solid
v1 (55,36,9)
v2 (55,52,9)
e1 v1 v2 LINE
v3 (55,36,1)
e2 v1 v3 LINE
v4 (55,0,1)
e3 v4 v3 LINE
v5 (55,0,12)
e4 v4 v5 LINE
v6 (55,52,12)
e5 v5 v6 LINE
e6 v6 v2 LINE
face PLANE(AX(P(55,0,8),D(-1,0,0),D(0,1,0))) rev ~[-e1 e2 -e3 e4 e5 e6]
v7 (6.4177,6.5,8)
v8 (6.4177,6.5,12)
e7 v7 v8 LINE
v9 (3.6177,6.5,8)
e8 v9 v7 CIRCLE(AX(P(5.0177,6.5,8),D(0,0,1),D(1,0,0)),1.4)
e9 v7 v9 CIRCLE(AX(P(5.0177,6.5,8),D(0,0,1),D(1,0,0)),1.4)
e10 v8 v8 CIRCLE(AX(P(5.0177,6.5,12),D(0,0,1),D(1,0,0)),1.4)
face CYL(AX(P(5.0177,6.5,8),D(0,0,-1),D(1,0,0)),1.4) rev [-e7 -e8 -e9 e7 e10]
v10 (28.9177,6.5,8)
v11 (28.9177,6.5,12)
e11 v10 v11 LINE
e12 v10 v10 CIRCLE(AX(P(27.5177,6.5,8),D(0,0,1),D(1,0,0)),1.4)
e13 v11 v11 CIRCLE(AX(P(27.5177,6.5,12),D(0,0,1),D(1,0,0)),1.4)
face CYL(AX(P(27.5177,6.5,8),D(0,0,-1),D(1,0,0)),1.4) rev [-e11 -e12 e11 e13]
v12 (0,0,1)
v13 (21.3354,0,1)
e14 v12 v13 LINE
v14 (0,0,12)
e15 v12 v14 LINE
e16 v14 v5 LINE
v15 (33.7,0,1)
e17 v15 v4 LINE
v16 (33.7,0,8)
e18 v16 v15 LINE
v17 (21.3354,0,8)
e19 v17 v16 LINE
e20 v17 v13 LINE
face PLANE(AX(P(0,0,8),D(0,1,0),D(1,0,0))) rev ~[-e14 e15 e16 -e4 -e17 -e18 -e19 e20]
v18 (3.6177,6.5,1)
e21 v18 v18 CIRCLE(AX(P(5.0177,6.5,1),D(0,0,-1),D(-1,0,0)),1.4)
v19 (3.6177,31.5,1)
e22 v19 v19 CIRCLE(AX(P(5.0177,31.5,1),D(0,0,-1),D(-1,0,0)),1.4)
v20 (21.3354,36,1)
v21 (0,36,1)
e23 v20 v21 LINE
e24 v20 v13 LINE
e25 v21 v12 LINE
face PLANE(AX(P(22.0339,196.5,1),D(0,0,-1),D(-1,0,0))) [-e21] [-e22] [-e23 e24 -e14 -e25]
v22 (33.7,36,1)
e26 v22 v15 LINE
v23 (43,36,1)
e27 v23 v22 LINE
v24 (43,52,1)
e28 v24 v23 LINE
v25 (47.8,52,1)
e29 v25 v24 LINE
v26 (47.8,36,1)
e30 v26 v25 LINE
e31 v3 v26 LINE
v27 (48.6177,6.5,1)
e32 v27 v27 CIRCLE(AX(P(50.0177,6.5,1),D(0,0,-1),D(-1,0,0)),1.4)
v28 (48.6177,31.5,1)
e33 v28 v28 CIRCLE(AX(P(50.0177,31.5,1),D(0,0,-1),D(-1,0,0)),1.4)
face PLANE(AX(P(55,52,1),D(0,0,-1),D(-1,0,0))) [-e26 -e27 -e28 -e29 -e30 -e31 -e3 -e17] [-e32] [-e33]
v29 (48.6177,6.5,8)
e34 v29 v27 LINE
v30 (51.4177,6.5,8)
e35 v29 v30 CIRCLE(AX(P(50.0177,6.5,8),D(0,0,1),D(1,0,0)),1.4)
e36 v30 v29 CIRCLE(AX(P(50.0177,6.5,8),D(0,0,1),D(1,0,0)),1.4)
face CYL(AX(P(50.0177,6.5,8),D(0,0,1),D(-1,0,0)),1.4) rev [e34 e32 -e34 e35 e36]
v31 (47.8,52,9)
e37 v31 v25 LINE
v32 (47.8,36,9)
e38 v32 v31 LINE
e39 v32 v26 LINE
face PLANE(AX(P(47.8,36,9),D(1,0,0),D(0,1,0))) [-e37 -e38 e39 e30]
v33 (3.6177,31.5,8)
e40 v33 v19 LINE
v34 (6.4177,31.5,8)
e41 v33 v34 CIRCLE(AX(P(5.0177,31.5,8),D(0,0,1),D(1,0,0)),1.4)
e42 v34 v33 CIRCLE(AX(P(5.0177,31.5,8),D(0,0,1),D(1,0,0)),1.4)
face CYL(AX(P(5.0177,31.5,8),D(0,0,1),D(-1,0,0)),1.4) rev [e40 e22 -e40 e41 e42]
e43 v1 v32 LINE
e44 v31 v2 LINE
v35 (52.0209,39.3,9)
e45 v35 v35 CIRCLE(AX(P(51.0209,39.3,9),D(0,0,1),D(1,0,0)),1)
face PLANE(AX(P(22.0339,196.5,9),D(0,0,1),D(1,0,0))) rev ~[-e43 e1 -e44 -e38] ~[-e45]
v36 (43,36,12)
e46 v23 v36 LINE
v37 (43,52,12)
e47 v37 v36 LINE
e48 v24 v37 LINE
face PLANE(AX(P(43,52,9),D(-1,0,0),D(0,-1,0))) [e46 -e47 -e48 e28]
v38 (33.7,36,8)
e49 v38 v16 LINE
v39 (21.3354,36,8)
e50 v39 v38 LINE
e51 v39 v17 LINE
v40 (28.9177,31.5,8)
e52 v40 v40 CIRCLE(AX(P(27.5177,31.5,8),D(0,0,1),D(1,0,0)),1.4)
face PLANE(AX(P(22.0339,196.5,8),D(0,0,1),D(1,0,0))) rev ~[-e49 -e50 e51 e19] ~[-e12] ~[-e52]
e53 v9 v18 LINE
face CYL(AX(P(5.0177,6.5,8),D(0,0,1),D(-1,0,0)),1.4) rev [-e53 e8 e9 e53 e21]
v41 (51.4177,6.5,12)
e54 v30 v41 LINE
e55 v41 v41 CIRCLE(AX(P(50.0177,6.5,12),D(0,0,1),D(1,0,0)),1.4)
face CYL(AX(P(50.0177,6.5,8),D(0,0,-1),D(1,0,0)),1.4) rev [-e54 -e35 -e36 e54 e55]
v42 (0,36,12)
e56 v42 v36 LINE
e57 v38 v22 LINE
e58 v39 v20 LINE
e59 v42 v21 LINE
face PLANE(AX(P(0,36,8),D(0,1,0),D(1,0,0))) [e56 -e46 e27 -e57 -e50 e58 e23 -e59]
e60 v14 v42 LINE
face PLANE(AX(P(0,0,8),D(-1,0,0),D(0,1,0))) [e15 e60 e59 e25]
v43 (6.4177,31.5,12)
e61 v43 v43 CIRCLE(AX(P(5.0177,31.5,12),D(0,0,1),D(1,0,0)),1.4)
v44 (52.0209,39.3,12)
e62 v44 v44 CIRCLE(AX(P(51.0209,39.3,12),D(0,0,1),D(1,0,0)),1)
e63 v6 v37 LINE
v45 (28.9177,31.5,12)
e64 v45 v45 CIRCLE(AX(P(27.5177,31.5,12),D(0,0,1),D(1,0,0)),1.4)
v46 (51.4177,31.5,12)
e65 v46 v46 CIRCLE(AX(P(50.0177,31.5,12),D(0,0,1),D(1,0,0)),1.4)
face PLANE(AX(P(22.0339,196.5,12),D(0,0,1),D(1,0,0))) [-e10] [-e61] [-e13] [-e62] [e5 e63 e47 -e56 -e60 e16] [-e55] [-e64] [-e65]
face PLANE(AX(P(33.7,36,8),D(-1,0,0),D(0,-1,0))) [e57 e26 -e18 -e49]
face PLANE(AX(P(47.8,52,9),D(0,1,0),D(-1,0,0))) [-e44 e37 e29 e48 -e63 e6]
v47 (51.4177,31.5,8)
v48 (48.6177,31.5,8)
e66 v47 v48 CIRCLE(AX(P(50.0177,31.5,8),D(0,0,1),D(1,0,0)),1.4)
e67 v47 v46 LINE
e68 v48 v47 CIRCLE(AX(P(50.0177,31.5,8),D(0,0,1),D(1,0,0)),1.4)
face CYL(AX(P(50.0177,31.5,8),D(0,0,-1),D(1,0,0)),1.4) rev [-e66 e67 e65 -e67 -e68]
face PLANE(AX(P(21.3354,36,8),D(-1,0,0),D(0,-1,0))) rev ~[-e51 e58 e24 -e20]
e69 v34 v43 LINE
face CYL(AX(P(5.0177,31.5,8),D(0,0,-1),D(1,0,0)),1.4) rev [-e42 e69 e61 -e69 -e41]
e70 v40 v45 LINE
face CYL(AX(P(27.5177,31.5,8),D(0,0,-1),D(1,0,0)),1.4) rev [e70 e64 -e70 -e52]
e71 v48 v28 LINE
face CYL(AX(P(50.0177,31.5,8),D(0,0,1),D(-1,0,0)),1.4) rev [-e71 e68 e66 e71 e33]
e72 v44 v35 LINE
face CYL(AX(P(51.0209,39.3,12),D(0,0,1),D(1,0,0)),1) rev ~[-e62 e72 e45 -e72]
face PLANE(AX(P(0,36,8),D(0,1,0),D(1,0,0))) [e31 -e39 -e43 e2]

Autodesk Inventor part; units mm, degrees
ref_plane "YZ Plane" through (0, 0, 0) normal (1, 0, 0) x (0, 1, 0)
ref_plane "XZ Plane" through (0, 0, 0) normal (0, 1, 0) x (-1, 0, 0)
ref_plane "Work Plane1" through (22.0339, 196.5, 8) normal (0, 0, 1) x (1, 0, 0)
sketch "Sketch1" plane through (22.0339, 196.5, 8) normal (0, 0, 1) x (1, 0, 0)
  circle A0 centre (5.4838, -190) radius 1.4 projected
  circle A1 centre (27.9838, -190) radius 1.4 projected
  circle A2 centre (-17.0162, -190) radius 1.4 projected
  line L0 (-22.0339, -196.5) -> (32.9661, -196.5) projected
  line L1 (32.9661, -196.5) -> (32.9661, -186.5) projected
  line L2 (-22.0339, -186.5) -> (32.9661, -186.5) projected
  line L3 (-22.0339, -196.5) -> (-22.0339, -186.5) projected
  circle A3 centre (27.9838, -165) radius 1.4 projected
  circle A4 centre (-17.0162, -165) radius 1.4 projected
  circle A5 centre (5.4838, -165) radius 1.4 projected
  line L4 (32.9661, -160.5) -> (32.9661, -169.5) projected
  line L5 (-22.0339, -160.5) -> (32.9661, -160.5) projected
  line L6 (-22.0339, -160.5) -> (-22.0339, -169.5) projected
  line L7 (32.9661, -169.5) -> (-22.0339, -169.5) projected
  line L8 (32.9661, -196.5) -> (-22.0339, -196.5)
  line L9 (-22.0339, -196.5) -> (-22.0339, -160.5)
  line L10 (-22.0339, -160.5) -> (32.9661, -160.5)
  line L11 (32.9661, -160.5) -> (32.9661, -196.5)
extrude "Extrusion1" add sketch "Sketch1" along normal blind 4
sketch "Sketch2" plane through (22.0339, 196.5, 8) normal (0, 0, -1) x (-1, 0, 0)
  circle A0 centre (17.0162, -190) radius 1.4 projected
  circle A1 centre (-27.9838, -190) radius 1.4 projected
  circle A2 centre (-5.4838, -190) radius 1.4 projected
  circle A3 centre (-5.4838, -165) radius 1.4 projected
  circle A4 centre (17.0162, -165) radius 1.4 projected
  circle A5 centre (-27.9838, -165) radius 1.4 projected
  line L0 (-32.9661, -196.5) -> (-32.9661, -160.5) projected
  line L1 (22.0339, -196.5) -> (-32.9661, -196.5) projected
  line L2 (22.0339, -160.5) -> (22.0339, -196.5) projected
  line L3 (-32.9661, -160.5) -> (22.0339, -160.5) projected
  line L4 (22.0339, -196.5) -> (-32.9661, -196.5) projected
  line L5 (22.0339, -160.5) -> (0.6985, -160.5)
  line L6 (0.6985, -160.5) -> (0.6985, -196.5)
  line L7 (0.6985, -196.5) -> (22.0339, -196.5)
  line L8 (22.0339, -196.5) -> (22.0339, -160.5)
  line L9 (-32.9661, -196.5) -> (-32.9661, -160.5) projected
  line L10 (-32.9661, -160.5) -> (-11.6661, -160.5)
  line L11 (-11.6661, -160.5) -> (-11.6661, -196.5)
  line L12 (-11.6661, -196.5) -> (-32.9661, -196.5)
  line L13 (-32.9661, -196.5) -> (-32.9661, -160.5)
  line L14 (-11.4661, 0) -> (-11.4661, -200) projected
  line L15 (0.4985, 0) -> (0.4985, -200) projected
  dimension "d6" = 0.2
  dimension "d7" = 0.2
extrude "Extrusion2" add sketch "Sketch2" along normal blind 7 contours L0 L3 L11 L1 | L6 L3 L2 L1
sketch "Sketch3" plane through (22.0339, 196.5, 12) normal (0, 0, 1) x (1, 0, 0)
  circle A0 centre (-17.0162, -190) radius 1.4 projected
  circle A1 centre (27.9838, -190) radius 1.4 projected
  circle A2 centre (5.4838, -190) radius 1.4 projected
  circle A3 centre (5.4838, -165) radius 1.4 projected
  circle A4 centre (-17.0162, -165) radius 1.4 projected
  circle A5 centre (27.9838, -165) radius 1.4 projected
  line L0 (32.9661, -196.5) -> (32.9661, -160.5) projected
  line L1 (32.9661, -160.5) -> (-22.0339, -160.5) projected
  line L2 (-22.0339, -160.5) -> (-22.0339, -196.5) projected
  line L3 (-22.0339, -196.5) -> (32.9661, -196.5) projected
  circle A6 centre (28.987, -157.2) radius 1 projected
  circle A7 centre (28.987, -157.2) radius 1 projected
  circle A8 centre (50.837, -147.5) radius 1 projected
  line L4 (53.837, -158.2) -> (53.837, -154.2581) projected
  line L5 (53.837, -154.2581) -> (61.5817, -154.2581) projected
  line L6 (61.5817, -154.2581) -> (61.5817, -153.1829) projected
  line L7 (61.5817, -153.1829) -> (53.837, -153.1829) projected
  line L8 (53.837, -153.1829) -> (53.837, -149.448) projected
  line L9 (53.837, -149.448) -> (61.5817, -149.448) projected
  line L10 (61.5817, -149.448) -> (61.5817, -148.769) projected
  line L11 (61.5817, -148.769) -> (53.837, -148.769) projected
  line L12 (53.837, -148.769) -> (53.837, -146.5) projected
  arc A9 (53.837, -146.5) -> (51.837, -144.5) centre (51.837, -146.5) ccw projected
  line L13 (51.837, -144.5) -> (46.3523, -144.5) projected
  line L14 (46.3523, -144.5) -> (18.7709, -139.6366) projected
  line L15 (18.7709, -139.6366) -> (16.0392, -139.155) projected
  line L16 (16.0392, -139.155) -> (15.987, -139.4512) projected
  line L17 (15.987, -139.4512) -> (44.6201, -144.5) projected
  line L18 (44.6201, -144.5) -> (27.987, -144.5) projected
  arc A10 (27.987, -144.5) -> (25.987, -146.5) centre (27.987, -146.5) ccw projected
  line L19 (25.987, -146.5) -> (25.987, -158.2) projected
  arc A11 (25.987, -158.2) -> (27.987, -160.2) centre (27.987, -158.2) ccw projected
  line L20 (27.987, -160.2) -> (33.9661, -160.2) projected
  line L21 (33.9661, -164.2178) -> (33.9661, -160.2) projected
  line L22 (42.5677, -164.2178) -> (33.9661, -164.2178) projected
  line L23 (42.5677, -164.2178) -> (42.5677, -163.1992) projected
  line L24 (42.5677, -163.1992) -> (35.1545, -163.1992) projected
  line L25 (35.1545, -160.2) -> (35.1545, -163.1992) projected
  line L26 (35.1545, -160.2) -> (51.837, -160.2) projected
  arc A12 (51.837, -160.2) -> (53.837, -158.2) centre (51.837, -158.2) ccw projected
  line L27 (32.9661, -160.5) -> (-22.0339, -160.5) projected
  line L28 (20.9661, -160.5) -> (32.9661, -160.5)
  line L29 (32.9661, -160.5) -> (32.9661, -144.5)
  line L30 (32.9661, -144.5) -> (20.9661, -144.5)
  line L31 (20.9661, -144.5) -> (20.9661, -160.5)
  point P0 (-22.0339, -196.5)
  dimension "d8" = 12
ref_plane "Work Plane2" through (38.0184, 32.2776, 9) normal (0, 0, 1) x (1, 0, 0)
extrude "Extrusion3" add sketch "Sketch3" against normal up to surface (3 mm away) contours L1 L31 L30 A10 L19 A11 L20 L29 | L20 A11 L19 A10 L18 L29
sketch "Sketch4" plane through (55, 52, 9) normal (0, 0, -1) x (-1, 0, 0)
  circle A0 centre (3.9791, -12.7) radius 1 projected
  circle A1 centre (-17.8709, -3) radius 1 projected
  line L0 (-20.8709, -13.7) -> (-20.8709, -9.7581) projected
  line L1 (-20.8709, -9.7581) -> (-28.6156, -9.7581) projected
  line L2 (-28.6156, -9.7581) -> (-28.6156, -8.6829) projected
  line L3 (-28.6156, -8.6829) -> (-20.8709, -8.6829) projected
  line L4 (-20.8709, -8.6829) -> (-20.8709, -4.948) projected
  line L5 (-20.8709, -4.948) -> (-28.6156, -4.948) projected
  line L6 (-28.6156, -4.948) -> (-28.6156, -4.269) projected
  line L7 (-28.6156, -4.269) -> (-20.8709, -4.269) projected
  line L8 (-20.8709, -4.269) -> (-20.8709, -2) projected
  arc A2 (-18.8709, 0) -> (-20.8709, -2) centre (-18.8709, -2) ccw projected
  line L9 (-18.8709, 0) -> (-13.3862, 0) projected
  line L10 (-13.3862, 0) -> (14.1952, 4.8634) projected
  line L11 (14.1952, 4.8634) -> (16.9269, 5.345) projected
  line L12 (16.9269, 5.345) -> (16.9791, 5.0488) projected
  line L13 (16.9791, 5.0488) -> (-11.654, 0) projected
  line L14 (-11.654, 0) -> (4.9791, 0) projected
  arc A3 (6.9791, -2) -> (4.9791, 0) centre (4.9791, -2) ccw projected
  line L15 (6.9791, -2) -> (6.9791, -13.7) projected
  arc A4 (4.9791, -15.7) -> (6.9791, -13.7) centre (4.9791, -13.7) ccw projected
  line L16 (4.9791, -15.7) -> (-1, -15.7) projected
  line L17 (-1, -19.7178) -> (-1, -15.7) projected
  line L18 (-9.6016, -19.7178) -> (-1, -19.7178) projected
  line L19 (-9.6016, -19.7178) -> (-9.6016, -18.6992) projected
  line L20 (-9.6016, -18.6992) -> (-2.1884, -18.6992) projected
  line L21 (-2.1884, -15.7) -> (-2.1884, -18.6992) projected
  line L22 (-2.1884, -15.7) -> (-18.8709, -15.7) projected
  arc A5 (-20.8709, -13.7) -> (-18.8709, -15.7) centre (-18.8709, -13.7) ccw projected
  line L23 (12, -16) -> (55, -16) projected
  circle A6 centre (3.9791, -12.7) radius 1 projected
  circle A7 centre (49.9823, -45.5) radius 1.4 projected
  circle A8 centre (4.9823, -45.5) radius 1.4 projected
  circle A9 centre (27.4823, -45.5) radius 1.4 projected
  circle A10 centre (27.4823, -20.5) radius 1.4 projected
  circle A11 centre (49.9823, -20.5) radius 1.4 projected
  circle A12 centre (4.9823, -20.5) radius 1.4 projected
  line L24 (0, -52) -> (0, 0) projected
  line L25 (0, 0) -> (12, 0) projected
  line L26 (12, 0) -> (12, -16) projected
  line L27 (12, -16) -> (55, -16) projected
  line L28 (55, -16) -> (55, -52) projected
  line L29 (55, -52) -> (0, -52) projected
  line L30 (12, -16) -> (0, -16) projected
  line L31 (12, 0) -> (0, 0) projected
  line L32 (12, -16) -> (7.2, -16)
  line L33 (7.2, -16) -> (7.2, 0)
  line L34 (7.2, 0) -> (12, 0)
  line L35 (12, 0) -> (12, -16)
  point P0 (55, -52)
  dimension "d11" = 4.8
extrude "Extrusion4" add sketch "Sketch4" along normal up to surface (8 mm away) contours L33 L25 L26 L30
properties part number "04_Mount_Rail_Fastener"
